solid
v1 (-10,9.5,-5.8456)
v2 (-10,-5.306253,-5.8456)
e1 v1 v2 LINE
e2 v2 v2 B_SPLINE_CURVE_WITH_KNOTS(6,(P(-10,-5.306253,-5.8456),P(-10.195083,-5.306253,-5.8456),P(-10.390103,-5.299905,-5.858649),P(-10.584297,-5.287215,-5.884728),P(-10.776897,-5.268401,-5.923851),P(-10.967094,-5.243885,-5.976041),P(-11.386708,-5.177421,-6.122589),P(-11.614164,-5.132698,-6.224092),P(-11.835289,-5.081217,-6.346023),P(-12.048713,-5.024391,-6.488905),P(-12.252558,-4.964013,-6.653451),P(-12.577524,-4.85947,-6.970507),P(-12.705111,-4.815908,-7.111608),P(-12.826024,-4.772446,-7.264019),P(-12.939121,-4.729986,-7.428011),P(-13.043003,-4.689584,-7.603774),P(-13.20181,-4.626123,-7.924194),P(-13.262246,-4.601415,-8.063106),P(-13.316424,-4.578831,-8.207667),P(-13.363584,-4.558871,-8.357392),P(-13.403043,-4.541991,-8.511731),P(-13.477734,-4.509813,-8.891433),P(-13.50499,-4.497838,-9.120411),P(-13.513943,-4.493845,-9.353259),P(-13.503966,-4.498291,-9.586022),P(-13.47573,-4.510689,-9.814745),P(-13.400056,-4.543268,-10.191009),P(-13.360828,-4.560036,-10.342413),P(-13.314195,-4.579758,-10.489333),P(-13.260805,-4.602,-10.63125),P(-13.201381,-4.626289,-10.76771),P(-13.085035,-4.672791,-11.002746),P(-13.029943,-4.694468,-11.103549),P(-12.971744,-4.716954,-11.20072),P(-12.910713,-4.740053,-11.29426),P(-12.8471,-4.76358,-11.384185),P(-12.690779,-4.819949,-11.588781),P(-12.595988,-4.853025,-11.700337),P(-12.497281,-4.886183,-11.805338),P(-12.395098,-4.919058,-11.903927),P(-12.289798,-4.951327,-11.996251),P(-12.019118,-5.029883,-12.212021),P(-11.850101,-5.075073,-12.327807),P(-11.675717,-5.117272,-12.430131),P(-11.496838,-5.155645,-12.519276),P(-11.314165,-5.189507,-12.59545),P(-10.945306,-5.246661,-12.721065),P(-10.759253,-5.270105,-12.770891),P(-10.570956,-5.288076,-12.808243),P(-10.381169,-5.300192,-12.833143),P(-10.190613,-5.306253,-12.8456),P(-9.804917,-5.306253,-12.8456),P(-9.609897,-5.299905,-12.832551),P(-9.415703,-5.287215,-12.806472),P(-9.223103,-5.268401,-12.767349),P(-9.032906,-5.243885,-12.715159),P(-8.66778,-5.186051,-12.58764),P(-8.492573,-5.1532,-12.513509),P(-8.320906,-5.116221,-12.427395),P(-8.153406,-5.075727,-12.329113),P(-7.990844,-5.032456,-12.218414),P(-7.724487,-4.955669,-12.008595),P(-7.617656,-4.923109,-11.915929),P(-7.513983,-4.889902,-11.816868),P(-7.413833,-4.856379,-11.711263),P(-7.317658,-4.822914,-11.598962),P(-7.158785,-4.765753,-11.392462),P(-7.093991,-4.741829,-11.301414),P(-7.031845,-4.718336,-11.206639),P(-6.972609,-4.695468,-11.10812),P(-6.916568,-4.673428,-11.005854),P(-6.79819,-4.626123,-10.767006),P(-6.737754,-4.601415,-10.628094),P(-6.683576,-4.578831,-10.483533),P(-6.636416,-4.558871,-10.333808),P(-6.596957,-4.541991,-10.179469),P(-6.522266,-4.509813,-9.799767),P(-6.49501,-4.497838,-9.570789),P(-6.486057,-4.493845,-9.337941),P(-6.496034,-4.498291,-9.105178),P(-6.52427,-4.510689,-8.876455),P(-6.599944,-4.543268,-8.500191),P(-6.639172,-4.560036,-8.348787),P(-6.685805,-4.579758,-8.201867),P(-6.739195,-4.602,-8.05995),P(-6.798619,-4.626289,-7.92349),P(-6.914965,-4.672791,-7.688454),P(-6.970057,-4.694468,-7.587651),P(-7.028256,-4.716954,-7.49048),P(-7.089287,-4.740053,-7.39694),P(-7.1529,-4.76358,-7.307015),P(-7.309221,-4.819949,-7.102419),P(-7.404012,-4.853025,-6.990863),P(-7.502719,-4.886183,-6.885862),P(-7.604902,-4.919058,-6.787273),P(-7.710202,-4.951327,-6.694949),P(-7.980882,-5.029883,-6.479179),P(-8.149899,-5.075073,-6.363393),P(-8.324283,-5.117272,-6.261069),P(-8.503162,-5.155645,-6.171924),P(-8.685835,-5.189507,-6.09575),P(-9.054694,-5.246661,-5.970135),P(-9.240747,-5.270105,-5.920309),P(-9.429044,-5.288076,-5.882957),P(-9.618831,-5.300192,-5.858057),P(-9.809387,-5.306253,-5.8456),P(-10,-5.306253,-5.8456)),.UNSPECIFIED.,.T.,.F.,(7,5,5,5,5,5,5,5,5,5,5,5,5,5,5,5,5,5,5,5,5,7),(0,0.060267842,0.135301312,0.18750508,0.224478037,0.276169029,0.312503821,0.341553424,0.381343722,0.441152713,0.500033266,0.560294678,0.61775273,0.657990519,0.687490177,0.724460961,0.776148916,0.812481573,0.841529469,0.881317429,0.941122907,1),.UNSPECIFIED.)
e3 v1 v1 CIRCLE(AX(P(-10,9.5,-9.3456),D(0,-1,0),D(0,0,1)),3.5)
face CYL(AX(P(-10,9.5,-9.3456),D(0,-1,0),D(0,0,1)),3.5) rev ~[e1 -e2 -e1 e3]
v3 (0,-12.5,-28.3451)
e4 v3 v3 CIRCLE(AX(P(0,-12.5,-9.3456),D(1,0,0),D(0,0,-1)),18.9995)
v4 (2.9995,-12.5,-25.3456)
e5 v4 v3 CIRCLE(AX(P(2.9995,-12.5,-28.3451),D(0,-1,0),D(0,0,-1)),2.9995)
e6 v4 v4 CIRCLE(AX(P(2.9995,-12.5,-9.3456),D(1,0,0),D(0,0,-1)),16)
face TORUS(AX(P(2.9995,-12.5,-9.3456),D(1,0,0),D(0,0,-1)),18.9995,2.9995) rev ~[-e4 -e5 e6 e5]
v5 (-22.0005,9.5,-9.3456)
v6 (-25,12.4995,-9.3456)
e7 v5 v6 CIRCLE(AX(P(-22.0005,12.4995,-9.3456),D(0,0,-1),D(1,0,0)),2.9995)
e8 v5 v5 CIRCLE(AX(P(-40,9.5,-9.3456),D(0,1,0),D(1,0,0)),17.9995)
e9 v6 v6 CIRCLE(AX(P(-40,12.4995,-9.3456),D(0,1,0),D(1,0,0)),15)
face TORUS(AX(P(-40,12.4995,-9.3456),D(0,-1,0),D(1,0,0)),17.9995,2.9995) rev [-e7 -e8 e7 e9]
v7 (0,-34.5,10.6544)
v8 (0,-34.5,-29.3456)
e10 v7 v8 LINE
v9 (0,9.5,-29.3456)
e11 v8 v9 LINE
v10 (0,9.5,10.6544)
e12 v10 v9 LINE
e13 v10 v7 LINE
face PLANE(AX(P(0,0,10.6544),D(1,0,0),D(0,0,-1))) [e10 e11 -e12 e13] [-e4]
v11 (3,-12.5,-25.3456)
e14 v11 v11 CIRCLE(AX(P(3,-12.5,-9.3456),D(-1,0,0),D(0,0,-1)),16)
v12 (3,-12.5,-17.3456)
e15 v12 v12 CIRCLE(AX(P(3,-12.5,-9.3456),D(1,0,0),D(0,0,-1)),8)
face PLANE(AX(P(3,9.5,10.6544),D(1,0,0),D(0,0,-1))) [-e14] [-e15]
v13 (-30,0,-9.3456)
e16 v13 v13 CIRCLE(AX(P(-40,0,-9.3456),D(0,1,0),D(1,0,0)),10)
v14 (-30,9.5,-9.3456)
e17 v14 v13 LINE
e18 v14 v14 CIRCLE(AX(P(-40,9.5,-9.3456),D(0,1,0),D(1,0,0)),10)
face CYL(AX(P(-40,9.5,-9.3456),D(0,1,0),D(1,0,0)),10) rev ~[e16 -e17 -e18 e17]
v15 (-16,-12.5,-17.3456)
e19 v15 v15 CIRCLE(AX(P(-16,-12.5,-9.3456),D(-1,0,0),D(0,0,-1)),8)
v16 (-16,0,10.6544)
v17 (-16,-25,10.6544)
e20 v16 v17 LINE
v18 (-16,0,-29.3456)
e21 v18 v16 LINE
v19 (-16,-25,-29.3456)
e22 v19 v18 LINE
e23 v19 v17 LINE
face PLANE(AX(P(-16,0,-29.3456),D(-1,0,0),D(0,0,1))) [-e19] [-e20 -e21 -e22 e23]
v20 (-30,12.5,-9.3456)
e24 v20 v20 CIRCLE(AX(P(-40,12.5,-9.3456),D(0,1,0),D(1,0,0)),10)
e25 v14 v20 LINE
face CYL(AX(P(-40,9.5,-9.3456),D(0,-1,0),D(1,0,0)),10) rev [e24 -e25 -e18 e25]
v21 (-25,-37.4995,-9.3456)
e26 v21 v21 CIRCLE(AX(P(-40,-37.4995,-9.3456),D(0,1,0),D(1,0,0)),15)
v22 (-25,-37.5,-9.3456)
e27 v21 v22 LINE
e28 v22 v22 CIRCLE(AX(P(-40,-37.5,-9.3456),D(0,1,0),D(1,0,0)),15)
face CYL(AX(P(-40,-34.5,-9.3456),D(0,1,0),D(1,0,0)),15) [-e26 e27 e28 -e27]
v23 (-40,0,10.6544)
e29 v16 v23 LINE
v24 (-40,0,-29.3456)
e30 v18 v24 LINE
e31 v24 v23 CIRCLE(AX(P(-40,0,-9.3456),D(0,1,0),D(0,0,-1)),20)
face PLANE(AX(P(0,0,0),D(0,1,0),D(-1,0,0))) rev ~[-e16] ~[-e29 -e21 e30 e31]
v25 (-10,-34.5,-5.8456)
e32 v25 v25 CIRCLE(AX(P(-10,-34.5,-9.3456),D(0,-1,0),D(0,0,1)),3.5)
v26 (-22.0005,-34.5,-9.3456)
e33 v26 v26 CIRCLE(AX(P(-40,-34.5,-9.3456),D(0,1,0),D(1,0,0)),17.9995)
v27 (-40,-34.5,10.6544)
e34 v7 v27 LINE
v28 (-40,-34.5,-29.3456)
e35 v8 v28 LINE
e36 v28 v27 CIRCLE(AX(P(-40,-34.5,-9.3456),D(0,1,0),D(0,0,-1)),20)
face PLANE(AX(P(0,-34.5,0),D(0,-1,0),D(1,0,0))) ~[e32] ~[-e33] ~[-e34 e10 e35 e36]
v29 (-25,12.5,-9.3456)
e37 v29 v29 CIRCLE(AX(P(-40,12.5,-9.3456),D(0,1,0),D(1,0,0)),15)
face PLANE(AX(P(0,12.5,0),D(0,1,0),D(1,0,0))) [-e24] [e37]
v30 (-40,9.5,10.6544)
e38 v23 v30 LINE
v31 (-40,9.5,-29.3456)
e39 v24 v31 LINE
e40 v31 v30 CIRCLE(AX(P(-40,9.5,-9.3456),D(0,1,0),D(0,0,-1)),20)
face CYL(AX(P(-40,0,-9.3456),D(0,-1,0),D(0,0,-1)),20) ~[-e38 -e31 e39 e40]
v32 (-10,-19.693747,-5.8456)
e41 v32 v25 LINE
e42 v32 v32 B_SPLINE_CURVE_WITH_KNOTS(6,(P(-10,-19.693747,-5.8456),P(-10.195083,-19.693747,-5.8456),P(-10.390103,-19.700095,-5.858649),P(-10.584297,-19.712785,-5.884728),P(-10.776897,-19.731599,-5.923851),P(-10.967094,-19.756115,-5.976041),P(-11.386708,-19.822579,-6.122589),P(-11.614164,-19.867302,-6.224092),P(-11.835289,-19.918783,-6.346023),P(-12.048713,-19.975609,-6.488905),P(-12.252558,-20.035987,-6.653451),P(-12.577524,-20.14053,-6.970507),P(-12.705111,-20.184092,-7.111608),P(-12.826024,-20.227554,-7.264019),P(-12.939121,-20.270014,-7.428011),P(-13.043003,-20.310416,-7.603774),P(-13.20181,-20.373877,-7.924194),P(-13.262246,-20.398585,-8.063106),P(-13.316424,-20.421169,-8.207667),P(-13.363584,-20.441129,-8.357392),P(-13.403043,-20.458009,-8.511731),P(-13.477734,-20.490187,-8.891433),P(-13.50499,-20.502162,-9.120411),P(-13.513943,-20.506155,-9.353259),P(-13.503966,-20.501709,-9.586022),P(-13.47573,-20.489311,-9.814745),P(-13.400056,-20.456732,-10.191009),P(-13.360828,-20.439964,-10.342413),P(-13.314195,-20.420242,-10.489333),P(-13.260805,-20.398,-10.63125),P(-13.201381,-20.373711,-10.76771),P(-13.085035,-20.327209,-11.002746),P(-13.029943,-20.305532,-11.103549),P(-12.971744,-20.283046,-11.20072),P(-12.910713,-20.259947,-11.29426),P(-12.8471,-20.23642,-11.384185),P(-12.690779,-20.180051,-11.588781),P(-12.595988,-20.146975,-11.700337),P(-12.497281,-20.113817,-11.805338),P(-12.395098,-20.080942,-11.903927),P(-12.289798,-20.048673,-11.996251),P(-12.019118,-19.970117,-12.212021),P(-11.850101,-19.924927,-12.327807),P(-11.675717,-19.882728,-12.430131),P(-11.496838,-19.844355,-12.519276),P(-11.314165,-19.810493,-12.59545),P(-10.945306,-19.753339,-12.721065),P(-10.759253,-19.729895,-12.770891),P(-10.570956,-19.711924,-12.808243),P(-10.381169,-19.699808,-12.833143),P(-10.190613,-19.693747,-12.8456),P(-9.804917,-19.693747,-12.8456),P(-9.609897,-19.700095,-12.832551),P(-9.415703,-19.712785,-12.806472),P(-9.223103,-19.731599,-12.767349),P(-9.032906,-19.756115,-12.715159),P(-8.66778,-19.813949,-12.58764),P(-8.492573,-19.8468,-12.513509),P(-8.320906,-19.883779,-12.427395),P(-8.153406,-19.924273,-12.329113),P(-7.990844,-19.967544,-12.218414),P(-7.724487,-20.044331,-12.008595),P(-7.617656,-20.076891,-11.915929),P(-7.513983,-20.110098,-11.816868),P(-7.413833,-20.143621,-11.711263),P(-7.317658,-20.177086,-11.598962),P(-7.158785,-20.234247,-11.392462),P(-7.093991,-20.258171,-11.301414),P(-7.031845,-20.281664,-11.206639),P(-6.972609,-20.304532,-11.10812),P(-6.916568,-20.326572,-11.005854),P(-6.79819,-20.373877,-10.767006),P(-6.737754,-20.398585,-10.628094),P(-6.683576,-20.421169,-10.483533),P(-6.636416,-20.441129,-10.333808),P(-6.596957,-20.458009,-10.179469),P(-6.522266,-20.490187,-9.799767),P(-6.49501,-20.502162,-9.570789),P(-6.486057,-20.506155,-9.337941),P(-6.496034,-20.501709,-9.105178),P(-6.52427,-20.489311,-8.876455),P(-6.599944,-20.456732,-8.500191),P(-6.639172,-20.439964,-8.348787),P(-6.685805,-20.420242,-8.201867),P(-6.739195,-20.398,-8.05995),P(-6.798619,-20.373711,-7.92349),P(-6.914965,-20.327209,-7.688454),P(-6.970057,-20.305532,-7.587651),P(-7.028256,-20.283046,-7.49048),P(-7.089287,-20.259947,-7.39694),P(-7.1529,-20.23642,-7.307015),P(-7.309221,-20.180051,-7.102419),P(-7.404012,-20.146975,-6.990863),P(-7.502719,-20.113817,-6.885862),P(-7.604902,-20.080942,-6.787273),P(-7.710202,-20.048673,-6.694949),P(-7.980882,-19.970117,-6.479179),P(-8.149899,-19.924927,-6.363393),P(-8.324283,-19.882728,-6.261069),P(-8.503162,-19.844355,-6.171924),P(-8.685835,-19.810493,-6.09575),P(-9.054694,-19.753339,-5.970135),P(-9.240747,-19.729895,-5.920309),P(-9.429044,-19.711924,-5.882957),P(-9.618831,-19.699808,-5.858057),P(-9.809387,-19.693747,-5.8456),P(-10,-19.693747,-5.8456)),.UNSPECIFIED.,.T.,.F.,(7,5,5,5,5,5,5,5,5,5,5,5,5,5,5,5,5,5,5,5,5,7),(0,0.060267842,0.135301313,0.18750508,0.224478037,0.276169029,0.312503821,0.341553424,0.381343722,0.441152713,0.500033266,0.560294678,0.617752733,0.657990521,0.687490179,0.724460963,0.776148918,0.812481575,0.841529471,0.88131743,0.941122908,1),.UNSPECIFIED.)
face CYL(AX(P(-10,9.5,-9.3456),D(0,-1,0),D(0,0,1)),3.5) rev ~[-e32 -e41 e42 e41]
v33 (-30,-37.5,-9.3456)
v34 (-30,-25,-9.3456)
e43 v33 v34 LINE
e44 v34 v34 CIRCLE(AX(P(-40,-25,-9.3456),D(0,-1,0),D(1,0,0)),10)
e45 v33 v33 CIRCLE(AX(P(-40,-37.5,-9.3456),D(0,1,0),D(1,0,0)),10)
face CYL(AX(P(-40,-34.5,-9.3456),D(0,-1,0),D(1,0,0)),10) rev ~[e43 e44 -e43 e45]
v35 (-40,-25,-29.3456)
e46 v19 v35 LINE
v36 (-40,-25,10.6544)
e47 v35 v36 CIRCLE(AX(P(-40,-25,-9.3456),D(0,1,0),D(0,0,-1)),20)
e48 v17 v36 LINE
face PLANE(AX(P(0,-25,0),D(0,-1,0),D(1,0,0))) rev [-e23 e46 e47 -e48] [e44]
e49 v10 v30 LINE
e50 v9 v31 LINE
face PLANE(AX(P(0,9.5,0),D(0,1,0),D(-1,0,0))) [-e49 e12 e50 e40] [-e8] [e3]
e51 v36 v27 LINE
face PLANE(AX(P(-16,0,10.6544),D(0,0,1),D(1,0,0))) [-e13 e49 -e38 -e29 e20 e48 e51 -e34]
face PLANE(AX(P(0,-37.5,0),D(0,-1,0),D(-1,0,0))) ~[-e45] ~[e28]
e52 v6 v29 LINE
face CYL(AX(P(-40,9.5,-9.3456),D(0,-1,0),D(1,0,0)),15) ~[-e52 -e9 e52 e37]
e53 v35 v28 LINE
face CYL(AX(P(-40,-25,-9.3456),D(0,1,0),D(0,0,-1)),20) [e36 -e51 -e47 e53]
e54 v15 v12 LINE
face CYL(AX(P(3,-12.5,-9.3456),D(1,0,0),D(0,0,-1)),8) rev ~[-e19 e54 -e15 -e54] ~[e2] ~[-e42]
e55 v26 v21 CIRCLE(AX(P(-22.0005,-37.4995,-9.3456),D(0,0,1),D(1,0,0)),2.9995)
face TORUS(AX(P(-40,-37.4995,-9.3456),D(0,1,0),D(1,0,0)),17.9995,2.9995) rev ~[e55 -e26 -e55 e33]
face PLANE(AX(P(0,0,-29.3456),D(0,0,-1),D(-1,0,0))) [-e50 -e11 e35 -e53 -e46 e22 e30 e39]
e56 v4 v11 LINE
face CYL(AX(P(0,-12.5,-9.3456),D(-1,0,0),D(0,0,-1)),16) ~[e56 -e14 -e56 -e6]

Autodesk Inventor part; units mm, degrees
ref_plane "YZ Plane" through (0, 0, 0) normal (1, 0, 0) x (0, 1, 0)
ref_plane "XZ Plane" through (0, 0, 0) normal (0, 1, 0) x (-1, 0, 0)
ref_plane "XY Plane" through (0, 0, 0) normal (0, 0, 1) x (1, 0, 0)
sketch "Szkic1" plane through (0, 0, 0) normal (0, 1, 0) x (-1, 0, 0)
  line L0 (0, 10.6544) -> (0, -29.3456)
  line L1 (0, -29.3456) -> (40, -29.3456)
  line L2 (0, 10.6544) -> (40, 10.6544)
  arc A0 (40, -29.3456) -> (40, 10.6544) centre (40, -9.3456) ccw
  point P0 (0, 0)
  dimension "d0" = 40
  dimension "d1" = 40
extrude "Wyciągnięcie proste1" add sketch "Szkic1" along normal blind 9.5
sketch "Szkic2" plane through (0, 9.5, 0) normal (0, 1, 0) x (1, 0, 0)
  line L0 (-40, -10.6544) -> (0, -10.6544) projected
  line L1 (0.0007, -10.6544) -> (-40, -10.6544)
  arc A0 (-40, 29.3456) -> (-40, -10.6544) centre (-40, 9.3456) ccw projected
  circle A1 centre (-40, 9.3456) radius 15
  circle A2 centre (-40, 9.3456) radius 10
  point P0 (0, 0)
  dimension "d4" = 30
  dimension "d5" = 20
extrude "Wyciągnięcie proste2" add sketch "Szkic2" along normal blind 3
fillet "Zaokrąglenie1" radius 3 1 edges at (-55, 9.5, -9.3456)
sketch "Szkic3" plane through (0, 0, 0) normal (0, -1, 0) x (1, 0, 0)
  line L0 (0, 10.6544) -> (0, -29.3456) projected
  line L1 (0, -29.3456) -> (-16, -29.3456)
  line L2 (0, -29.3456) -> (-40, -29.3456) projected
  line L3 (-16, -29.3456) -> (-16, 10.6544)
  line L4 (-40, 10.6544) -> (0, 10.6544) projected
  line L5 (-16, 10.6544) -> (0, 10.6544)
  line L6 (0, 10.6544) -> (0, -29.3456)
  point P0 (0, 0)
  dimension "d9" = 16
  dimension "d10" = 40
extrude "Wyciągnięcie proste3" add sketch "Szkic3" along normal blind 12.5
sketch "Szkic4" plane through (-40, 9.5, -9.3456) normal (0, 1, 0) x (1, 0, 0)
  point P0 (40, -9.3456)
mirror "Odbij1" about plane through (-8, -12.5, -9.3456) normal (0, -1, 0)
sketch "Szkic7" plane through (0, 9.5, 10.6544) normal (1, 0, 0) x (0, 0, -1)
  point P0 (10.6544, -9.5)
sketch "Szkic8" plane through (0, 9.5, 10.6544) normal (1, 0, 0) x (0, 0, -1)
  point P0 (10.6544, -9.5)
sketch "Szkic9" plane through (0, 9.5, 10.6544) normal (1, 0, 0) x (0, 0, -1)
  line L0 (40, 0) -> (0, 0) projected
  line L1 (0, 0) -> (0, -22)
  line L2 (0, -44) -> (0, 0) projected
  line L3 (0, -22) -> (20, -22)
  circle A0 centre (20, -22) radius 16
  circle A1 centre (20, -22) radius 8
  point P0 (10.6544, -9.5)
  dimension "d15" = 22
  dimension "d16" = 32
  dimension "d17" = 16
extrude "Wyciągnięcie proste4" cut sketch "Szkic9" against normal blind 20 contours A1
sketch "Szkic10" plane through (0, 9.5, 10.6544) normal (1, 0, 0) x (0, 0, -1)
  line L0 (0, -9.5) -> (0, 0) projected
  line L1 (0, 0) -> (0, -22)
  line L2 (0, -22) -> (20, -22)
  circle A0 centre (20, -22) radius 16
  point P0 (10.6544, -9.5)
  dimension "d20" = 22
  dimension "d21" = 20
  dimension "d22" = 32
extrude "Wyciągnięcie proste5" add sketch "Szkic10" along normal blind 3
fillet "Zaokrąglenie2" radius 3 1 edges at (0, -12.5, 6.6544)
sketch "Szkic11" plane through (3, -12.5, -9.3456) normal (1, 0, 0) x (0, 0, -1)
  circle A0 centre (0, 0) radius 8
  point P0 (-9.3456, 12.5)
  dimension "d26" = 16
extrude "Wyciągnięcie proste6" cut sketch "Szkic11" against normal blind 20
sketch "Szkic12" plane through (0, 0, 0) normal (0, -1, 0) x (1, 0, 0)
  point P0 (0, 0)
sketch "Szkic13" plane through (-40, -34.5, -9.3456) normal (0, -1, 0) x (1, 0, 0)
  point P0 (40, 9.3456)
sketch "Szkic14" plane through (-40, 12.5, -9.3456) normal (0, 1, 0) x (1, 0, 0)
  point P0 (40, -9.3456)
sketch "Szkic15" plane through (-40, 9.5, -9.3456) normal (0, 1, 0) x (1, 0, 0)
  circle A0 centre (0, 0) radius 10
  point P0 (40, -9.3456)
  dimension "d29" = 20
extrude "Wyciągnięcie proste7" cut sketch "Szkic15" against normal blind 9.5
sketch "Szkic16" plane through (-40, -34.5, -9.3456) normal (0, -1, 0) x (1, 0, 0)
  circle A0 centre (0, 0) radius 10
  point P0 (40, 9.3456)
  dimension "d32" = 20
extrude "Wyciągnięcie proste8" cut sketch "Szkic16" against normal blind 9.5
sketch "Szkic17" plane through (0, 9.5, 0) normal (0, 1, 0) x (1, 0, 0)
  line L0 (0, -10.6544) -> (0, 29.3456) projected
  line L1 (0, 9.3456) -> (-10, 9.3456)
  point P0 (0, 0)
hole "Otwór1" at (-10, 9.5, -9.3456) direction (0, -1, 0) diameter 7 depth 75.75 tip angle 118
properties part number "nakrętka" material "Stal nierdzewna, austenityczna"
